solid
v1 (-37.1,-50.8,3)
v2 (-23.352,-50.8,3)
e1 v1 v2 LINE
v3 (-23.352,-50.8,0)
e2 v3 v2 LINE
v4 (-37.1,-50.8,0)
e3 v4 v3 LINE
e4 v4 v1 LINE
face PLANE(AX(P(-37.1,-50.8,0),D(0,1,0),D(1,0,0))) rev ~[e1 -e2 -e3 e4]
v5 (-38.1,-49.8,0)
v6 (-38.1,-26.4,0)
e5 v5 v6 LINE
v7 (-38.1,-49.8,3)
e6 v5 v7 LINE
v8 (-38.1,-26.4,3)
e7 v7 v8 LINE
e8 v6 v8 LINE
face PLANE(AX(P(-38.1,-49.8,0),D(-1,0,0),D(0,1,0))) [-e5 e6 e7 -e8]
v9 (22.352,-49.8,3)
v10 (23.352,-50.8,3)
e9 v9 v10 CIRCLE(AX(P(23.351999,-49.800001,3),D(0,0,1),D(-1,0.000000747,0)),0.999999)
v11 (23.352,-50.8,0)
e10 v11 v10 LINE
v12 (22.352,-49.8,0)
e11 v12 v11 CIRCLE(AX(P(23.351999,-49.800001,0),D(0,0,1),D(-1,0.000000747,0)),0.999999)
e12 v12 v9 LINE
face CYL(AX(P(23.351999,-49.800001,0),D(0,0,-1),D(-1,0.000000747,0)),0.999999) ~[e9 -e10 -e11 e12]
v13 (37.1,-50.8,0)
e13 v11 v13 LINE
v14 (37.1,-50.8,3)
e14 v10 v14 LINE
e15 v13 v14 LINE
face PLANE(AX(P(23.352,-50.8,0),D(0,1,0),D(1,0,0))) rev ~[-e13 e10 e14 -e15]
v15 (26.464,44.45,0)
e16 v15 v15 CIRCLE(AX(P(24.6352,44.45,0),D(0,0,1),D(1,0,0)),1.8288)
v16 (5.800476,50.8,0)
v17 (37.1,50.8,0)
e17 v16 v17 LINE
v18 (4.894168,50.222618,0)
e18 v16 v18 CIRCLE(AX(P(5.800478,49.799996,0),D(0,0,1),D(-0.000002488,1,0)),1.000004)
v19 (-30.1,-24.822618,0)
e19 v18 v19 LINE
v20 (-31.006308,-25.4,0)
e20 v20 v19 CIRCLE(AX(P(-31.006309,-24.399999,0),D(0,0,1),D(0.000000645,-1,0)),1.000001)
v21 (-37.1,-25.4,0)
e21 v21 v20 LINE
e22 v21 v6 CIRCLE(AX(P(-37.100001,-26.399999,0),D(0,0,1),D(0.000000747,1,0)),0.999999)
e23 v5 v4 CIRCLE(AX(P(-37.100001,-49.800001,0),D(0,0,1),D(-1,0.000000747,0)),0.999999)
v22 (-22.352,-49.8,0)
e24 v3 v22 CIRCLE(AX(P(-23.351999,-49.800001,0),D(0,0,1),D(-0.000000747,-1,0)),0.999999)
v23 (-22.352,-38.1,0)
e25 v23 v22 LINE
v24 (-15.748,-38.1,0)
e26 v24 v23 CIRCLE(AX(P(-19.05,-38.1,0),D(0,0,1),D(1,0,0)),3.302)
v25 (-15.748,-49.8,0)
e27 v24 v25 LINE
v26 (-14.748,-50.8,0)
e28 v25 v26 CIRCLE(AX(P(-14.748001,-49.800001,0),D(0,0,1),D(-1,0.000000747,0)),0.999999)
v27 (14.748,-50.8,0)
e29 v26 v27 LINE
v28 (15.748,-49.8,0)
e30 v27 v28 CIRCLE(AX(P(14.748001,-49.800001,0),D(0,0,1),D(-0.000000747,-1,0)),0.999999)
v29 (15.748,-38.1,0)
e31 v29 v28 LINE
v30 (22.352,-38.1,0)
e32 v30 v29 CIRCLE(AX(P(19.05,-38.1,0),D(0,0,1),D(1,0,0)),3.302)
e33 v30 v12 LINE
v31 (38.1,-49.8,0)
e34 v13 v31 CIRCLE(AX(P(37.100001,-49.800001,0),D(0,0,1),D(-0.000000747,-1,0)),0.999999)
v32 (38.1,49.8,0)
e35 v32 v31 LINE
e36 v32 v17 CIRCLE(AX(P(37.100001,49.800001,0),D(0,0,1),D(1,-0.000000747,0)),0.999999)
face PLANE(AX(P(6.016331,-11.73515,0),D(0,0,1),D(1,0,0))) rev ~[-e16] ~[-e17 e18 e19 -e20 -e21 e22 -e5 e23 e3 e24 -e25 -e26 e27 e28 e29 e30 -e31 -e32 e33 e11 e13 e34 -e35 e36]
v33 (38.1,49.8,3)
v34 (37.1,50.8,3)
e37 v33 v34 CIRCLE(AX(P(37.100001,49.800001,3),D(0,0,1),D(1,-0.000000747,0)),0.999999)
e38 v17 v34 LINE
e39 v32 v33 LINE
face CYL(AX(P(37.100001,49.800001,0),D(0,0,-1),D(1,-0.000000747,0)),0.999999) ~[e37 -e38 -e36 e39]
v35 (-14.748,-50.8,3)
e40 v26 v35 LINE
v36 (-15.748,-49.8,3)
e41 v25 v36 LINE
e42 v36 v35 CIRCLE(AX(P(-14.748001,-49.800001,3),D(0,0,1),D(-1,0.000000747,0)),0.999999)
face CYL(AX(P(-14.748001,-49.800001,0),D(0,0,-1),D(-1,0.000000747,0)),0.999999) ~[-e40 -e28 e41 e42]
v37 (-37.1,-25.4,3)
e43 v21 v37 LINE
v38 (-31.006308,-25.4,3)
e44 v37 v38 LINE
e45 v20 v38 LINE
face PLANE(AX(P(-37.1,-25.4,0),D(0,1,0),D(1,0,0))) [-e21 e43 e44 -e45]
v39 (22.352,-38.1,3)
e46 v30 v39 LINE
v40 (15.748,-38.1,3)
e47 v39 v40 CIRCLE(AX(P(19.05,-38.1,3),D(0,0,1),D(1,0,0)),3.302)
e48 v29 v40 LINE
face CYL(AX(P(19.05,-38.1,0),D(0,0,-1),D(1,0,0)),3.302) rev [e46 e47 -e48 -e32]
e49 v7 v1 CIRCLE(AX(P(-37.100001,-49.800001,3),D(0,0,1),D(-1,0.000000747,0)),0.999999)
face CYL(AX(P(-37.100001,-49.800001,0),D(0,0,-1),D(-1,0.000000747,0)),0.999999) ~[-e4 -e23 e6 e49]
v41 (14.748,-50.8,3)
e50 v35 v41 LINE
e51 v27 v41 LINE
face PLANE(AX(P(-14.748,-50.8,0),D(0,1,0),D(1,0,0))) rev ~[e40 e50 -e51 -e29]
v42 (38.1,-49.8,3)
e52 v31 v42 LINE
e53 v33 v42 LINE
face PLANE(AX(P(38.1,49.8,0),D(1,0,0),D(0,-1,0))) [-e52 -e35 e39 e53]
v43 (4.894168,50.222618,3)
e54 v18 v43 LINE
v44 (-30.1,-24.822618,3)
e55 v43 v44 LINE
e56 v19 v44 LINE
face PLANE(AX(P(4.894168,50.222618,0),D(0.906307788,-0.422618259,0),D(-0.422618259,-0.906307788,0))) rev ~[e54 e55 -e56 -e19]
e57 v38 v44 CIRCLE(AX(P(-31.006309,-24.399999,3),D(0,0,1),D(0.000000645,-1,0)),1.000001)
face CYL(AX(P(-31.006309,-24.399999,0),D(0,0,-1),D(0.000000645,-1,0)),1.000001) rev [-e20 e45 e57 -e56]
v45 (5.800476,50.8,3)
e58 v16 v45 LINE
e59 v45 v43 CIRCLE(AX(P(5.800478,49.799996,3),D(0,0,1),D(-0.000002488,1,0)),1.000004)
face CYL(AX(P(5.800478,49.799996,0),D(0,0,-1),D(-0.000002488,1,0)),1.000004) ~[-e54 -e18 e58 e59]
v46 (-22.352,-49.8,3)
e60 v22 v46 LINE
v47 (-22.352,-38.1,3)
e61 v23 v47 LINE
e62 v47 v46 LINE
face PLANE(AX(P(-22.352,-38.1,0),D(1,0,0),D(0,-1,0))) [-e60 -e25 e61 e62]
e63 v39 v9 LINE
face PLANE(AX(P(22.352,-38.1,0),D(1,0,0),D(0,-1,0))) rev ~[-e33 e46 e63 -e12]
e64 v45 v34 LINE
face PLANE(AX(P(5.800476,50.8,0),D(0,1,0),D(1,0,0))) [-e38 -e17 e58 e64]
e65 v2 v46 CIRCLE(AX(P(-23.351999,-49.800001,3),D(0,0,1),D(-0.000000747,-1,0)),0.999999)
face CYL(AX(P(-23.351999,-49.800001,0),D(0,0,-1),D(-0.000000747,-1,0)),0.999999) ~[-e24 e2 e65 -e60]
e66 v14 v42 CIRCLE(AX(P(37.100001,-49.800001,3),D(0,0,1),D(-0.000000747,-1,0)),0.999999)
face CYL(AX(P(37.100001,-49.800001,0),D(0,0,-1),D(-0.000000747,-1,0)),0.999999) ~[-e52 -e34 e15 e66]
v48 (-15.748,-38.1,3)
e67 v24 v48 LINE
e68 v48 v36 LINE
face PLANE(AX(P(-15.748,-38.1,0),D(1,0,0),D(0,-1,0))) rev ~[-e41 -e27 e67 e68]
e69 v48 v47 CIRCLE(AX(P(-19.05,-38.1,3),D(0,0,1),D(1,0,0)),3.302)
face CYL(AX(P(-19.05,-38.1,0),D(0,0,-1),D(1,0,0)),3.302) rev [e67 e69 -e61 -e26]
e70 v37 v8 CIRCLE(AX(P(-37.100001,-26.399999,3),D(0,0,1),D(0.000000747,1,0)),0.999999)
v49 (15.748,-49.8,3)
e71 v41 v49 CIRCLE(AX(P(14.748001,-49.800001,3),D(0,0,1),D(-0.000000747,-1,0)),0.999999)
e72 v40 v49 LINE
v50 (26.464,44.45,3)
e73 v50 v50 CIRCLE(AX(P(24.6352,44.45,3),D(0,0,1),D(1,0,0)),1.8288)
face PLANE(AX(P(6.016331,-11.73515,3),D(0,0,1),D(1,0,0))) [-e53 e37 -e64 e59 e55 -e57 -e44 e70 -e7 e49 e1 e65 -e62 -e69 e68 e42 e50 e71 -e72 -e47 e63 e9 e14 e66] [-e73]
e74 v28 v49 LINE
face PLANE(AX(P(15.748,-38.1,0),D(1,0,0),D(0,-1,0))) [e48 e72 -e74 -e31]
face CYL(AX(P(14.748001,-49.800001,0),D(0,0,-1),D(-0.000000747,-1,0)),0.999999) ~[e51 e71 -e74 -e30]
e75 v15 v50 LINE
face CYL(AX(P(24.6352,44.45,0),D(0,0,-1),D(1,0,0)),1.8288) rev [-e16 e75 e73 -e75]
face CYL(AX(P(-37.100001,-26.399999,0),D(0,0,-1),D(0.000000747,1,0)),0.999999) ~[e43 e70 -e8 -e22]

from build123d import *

# Parameters (mm, degrees)
SKETCH_R  = 1.8288
PAD_DEPTH = 3


with BuildPart() as part:
    # Sketch → Pad (new body)
    with BuildSketch(Plane.XY):
        with BuildLine():
            ThreePointArc((5.800476, 50.8), (5.263177, 50.643391), (4.894168, 50.222618))
            Line((4.894168, 50.222618), (-30.1, -24.822618))
            ThreePointArc((-31.006308, -25.4), (-30.469008, -25.243391), (-30.1, -24.822618))
            Line((-37.1, -25.4), (-31.006308, -25.4))
            ThreePointArc((-37.1, -25.4), (-37.807107, -25.692893), (-38.1, -26.4))
            Line((-38.1, -49.8), (-38.1, -26.4))
            ThreePointArc((-38.1, -49.8), (-37.807107, -50.507107), (-37.1, -50.8))
            Line((-37.1, -50.8), (-23.352, -50.8))
            ThreePointArc((-23.352, -50.8), (-22.644893, -50.507107), (-22.352, -49.8))
            Line((-22.352, -38.1), (-22.352, -49.8))
            ThreePointArc((-15.748, -38.1), (-19.05, -34.798), (-22.352, -38.1))
            Line((-15.748, -38.1), (-15.748, -49.8))
            ThreePointArc((-15.748, -49.8), (-15.455107, -50.507107), (-14.748, -50.8))
            Line((-14.748, -50.8), (14.748, -50.8))
            ThreePointArc((14.748, -50.8), (15.455107, -50.507107), (15.748, -49.8))
            Line((15.748, -38.1), (15.748, -49.8))
            ThreePointArc((22.352, -38.1), (19.05, -34.798), (15.748, -38.1))
            Line((22.352, -38.1), (22.352, -49.8))
            ThreePointArc((22.352, -49.8), (22.644893, -50.507107), (23.352, -50.8))
            Line((23.352, -50.8), (37.1, -50.8))
            ThreePointArc((37.1, -50.8), (37.807107, -50.507107), (38.1, -49.8))
            Line((38.1, 49.8), (38.1, -49.8))
            ThreePointArc((38.1, 49.8), (37.807107, 50.507107), (37.1, 50.8))
            Line((5.800476, 50.8), (37.1, 50.8))
        make_face()
        with Locations((24.6352, 44.45)):
            Circle(SKETCH_R, mode=Mode.SUBTRACT)
    extrude(amount=PAD_DEPTH)


solid = part.part
